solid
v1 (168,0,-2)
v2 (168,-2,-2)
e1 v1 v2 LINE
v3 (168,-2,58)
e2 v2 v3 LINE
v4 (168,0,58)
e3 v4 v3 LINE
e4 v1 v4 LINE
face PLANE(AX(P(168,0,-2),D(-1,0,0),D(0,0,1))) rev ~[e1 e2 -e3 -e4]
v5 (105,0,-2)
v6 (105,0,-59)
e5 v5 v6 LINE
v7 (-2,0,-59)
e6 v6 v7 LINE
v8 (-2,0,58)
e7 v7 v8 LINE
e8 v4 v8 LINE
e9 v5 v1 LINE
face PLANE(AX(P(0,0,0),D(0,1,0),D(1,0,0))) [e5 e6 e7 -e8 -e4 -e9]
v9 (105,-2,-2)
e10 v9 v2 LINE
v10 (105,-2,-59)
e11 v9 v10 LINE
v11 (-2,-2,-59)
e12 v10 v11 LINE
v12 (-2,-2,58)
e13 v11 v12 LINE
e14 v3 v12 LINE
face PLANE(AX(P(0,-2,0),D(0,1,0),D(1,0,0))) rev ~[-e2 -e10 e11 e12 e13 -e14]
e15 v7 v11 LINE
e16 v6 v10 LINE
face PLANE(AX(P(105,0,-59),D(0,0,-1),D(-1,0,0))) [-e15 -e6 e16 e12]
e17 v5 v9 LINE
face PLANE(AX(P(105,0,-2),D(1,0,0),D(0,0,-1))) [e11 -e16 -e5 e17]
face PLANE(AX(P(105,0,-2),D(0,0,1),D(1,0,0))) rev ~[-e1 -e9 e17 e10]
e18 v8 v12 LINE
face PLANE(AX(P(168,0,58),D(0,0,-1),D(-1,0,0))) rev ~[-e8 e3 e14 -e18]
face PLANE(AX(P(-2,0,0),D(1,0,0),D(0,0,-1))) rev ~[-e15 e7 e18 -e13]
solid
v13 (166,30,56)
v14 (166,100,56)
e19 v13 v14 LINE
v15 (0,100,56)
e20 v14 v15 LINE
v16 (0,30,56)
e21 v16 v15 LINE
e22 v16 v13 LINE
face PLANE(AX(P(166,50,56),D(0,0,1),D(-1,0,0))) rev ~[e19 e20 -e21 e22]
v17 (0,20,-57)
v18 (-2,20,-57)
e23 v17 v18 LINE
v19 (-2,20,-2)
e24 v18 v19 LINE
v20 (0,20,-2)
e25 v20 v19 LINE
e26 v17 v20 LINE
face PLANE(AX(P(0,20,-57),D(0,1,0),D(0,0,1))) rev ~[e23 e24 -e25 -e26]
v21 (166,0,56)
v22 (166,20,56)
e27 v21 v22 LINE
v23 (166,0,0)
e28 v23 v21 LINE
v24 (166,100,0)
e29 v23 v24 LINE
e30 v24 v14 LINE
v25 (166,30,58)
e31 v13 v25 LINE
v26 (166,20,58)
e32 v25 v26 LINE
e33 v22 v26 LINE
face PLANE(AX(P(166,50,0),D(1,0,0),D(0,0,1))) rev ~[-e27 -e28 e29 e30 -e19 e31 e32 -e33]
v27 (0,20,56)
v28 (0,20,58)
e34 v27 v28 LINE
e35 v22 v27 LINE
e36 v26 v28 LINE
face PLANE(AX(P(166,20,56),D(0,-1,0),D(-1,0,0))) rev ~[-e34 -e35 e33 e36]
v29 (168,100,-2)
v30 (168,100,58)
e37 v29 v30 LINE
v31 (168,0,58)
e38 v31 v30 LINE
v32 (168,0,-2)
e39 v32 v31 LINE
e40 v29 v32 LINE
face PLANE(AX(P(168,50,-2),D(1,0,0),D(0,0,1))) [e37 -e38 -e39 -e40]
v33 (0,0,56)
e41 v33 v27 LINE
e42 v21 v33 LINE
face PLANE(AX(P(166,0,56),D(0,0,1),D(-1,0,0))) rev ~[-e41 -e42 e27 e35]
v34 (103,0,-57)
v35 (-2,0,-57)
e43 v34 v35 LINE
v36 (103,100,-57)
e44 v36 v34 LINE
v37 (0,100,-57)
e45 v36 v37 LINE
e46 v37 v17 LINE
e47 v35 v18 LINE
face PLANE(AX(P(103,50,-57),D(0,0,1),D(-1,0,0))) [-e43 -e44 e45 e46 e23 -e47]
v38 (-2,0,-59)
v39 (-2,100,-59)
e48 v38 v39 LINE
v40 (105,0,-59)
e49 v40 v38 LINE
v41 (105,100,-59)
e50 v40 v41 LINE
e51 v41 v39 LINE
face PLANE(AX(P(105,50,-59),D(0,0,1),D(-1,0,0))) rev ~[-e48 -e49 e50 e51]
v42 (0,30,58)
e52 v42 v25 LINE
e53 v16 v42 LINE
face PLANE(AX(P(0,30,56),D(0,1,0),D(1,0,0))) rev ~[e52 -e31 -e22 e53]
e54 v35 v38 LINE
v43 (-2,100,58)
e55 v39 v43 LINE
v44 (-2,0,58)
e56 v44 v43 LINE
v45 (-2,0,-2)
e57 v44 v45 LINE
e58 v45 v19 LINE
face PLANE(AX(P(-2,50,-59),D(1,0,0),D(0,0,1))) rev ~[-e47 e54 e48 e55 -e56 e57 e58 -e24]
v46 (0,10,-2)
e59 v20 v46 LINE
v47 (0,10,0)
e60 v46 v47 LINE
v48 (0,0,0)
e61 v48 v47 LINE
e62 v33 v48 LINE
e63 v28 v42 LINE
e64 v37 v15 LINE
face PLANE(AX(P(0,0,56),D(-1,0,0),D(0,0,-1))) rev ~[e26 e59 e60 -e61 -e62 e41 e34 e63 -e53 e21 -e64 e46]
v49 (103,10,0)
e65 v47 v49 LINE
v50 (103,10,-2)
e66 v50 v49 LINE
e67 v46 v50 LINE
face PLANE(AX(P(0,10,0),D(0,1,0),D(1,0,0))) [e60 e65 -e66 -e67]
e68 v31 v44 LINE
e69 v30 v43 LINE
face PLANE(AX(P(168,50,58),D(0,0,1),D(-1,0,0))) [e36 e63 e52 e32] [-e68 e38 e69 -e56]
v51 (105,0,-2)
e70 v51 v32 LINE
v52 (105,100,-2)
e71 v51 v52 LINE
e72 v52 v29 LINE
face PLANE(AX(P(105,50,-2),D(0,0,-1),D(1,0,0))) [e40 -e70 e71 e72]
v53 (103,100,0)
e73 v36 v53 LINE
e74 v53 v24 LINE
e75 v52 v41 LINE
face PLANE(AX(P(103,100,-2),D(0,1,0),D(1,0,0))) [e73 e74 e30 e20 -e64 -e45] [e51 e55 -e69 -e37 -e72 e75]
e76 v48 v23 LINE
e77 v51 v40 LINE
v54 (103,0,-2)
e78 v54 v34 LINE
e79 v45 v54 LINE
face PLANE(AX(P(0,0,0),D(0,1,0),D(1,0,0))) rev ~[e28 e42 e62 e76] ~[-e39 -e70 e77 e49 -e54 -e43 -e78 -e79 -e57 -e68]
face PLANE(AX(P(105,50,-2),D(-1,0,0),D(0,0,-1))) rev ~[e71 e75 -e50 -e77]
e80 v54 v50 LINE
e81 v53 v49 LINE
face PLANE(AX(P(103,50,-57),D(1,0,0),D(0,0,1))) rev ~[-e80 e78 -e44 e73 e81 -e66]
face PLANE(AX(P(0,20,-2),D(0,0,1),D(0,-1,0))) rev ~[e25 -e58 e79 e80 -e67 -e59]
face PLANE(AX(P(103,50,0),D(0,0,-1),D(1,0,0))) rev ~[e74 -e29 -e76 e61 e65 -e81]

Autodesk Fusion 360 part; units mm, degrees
sketch "Sketch1" plane through (0, 0, 0) normal (0, 1, 0) x (1, 0, 0)
  line L0 (0, 0) -> (166, 0)
  line L1 (166, 0) -> (166, -56)
  line L2 (166, -56) -> (0, -56)
  line L3 (0, -56) -> (0, 0)
  line L4 (168, -58) -> (-2, -58)
  line L5 (-2, -58) -> (-2, 2)
  line L6 (-2, 2) -> (168, 2)
  line L7 (168, 2) -> (168, -58)
  line L8 (0, 2) -> (103, 2)
  line L9 (103, 2) -> (103, 57)
  line L10 (103, 57) -> (0, 57)
  line L11 (0, 57) -> (0, 2)
  line L12 (105, 0) -> (105, 59)
  line L13 (105, 59) -> (-2, 59)
  line L14 (-2, 59) -> (-2, 0)
  line L15 (-2, 0) -> (105, 0)
  line L16 (0, 2) -> (0, 0)
  dimension "d1" = 166
  dimension "d2" = 56
  dimension "d3" = -2
  dimension "d4" = 103
  dimension "d5" = 55
  dimension "d6" = 2
extrude "Extrude1" add sketch "Sketch1" along normal blind 50 contours L6 L9 L10 L11 L12 L13 L14 makes body 1
extrude "Extrude2" add sketch "Sketch1" along normal blind 10 contours L0 L6 L8 L12 L15 L16 | L5 L6 L14 L15 L16 bodies 1
extrude "Extrude3" add sketch "Sketch1" along normal blind 50 separate body contours L0 L1 L2 L3 L4 L5 L6 L7 L12 L15 makes body 2
extrude "Extrude4" add 1 faces at (-1.3333, 23.3333, -2) along direction (0, 0, 1) blind 2 on bodies 1 bodies 1 2
extrude "Extrude5" add sketch "Sketch1" against normal blind 2 separate body makes body 3
sketch "Sketch2" plane through (-2, 0, 0) normal (-1, 0, 0) x (0, 0, 1)
  line L0 (-59, 0) -> (58, 0)
  line L1 (58, 0) -> (58, 50)
  line L2 (58, 50) -> (-59, 50)
  line L3 (-59, 50) -> (-59, 0)
sketch "Sketch3" plane through (0, 0, 0) normal (1, 0, 0) x (0, 0, -1)
  line L0 (2, 0) -> (57, 0)
  line L1 (57, 0) -> (57, 50)
  line L2 (57, 50) -> (-56, 50)
  line L3 (-56, 50) -> (-56, 0)
  line L4 (-56, 0) -> (0, 0)
  line L5 (0, 0) -> (0, 10)
  line L6 (0, 10) -> (2, 10)
  line L7 (2, 10) -> (2, 0)
  line L8 (2, 0) -> (57, 0)
  line L9 (57, 0) -> (57, 20)
  line L10 (57, 20) -> (2, 20)
  line L11 (2, 20) -> (2, 0)
  dimension "d17" = 20
extrude "Extrude6" cut sketch "Sketch3" against normal blind 2 contours L0 L1 L7 L8 L9 L10 L11 bodies 1
extrude "Extrude7" add 1 faces at (103.6667, 23.3333, -2) along direction (0, 0, 1) blind 2 on bodies 1 bodies 1
sketch "Sketch4" plane through (0, 50, 0) normal (0, 1, 0) x (-1, 0, 0)
  line L0 (-105, -2) -> (-105, -59)
  line L1 (-105, -59) -> (2, -59)
  line L2 (2, -59) -> (2, 58)
  line L3 (2, 58) -> (-168, 58)
  line L4 (-168, 58) -> (-168, -2)
  line L5 (-168, -2) -> (-105, -2)
  line L6 (-103, -57) -> (-103, 0)
  line L7 (-103, 0) -> (-166, 0)
  line L8 (-166, 0) -> (-166, 56)
  line L9 (-166, 56) -> (0, 56)
  line L10 (0, 56) -> (0, -57)
  line L11 (0, -57) -> (-103, -57)
  line L12 (2, 58) -> (2, 8)
  line L13 (0, 8) -> (-168, 8)
  line L14 (2, 8) -> (0, 8)
  dimension "d22" = 50
sketch "Sketch5" plane through (0, 50, 0) normal (0, 1, 0) x (-1, 0, 0)
sketch "Sketch6" plane through (0, 0, 58) normal (0, 0, 1) x (1, 0, 0)
  line L0 (-2, 0) -> (168, 0)
  line L1 (168, 0) -> (168, 50)
  line L2 (168, 50) -> (-2, 50)
  line L3 (-2, 50) -> (-2, 0)
sketch "Sketch7" plane through (0, 0, 56) normal (0, 0, -1) x (-1, 0, 0)
  line L0 (-166, 0) -> (0, 0)
  line L1 (0, 0) -> (0, 50)
  line L2 (0, 50) -> (-166, 50)
  line L3 (-166, 50) -> (-166, 0)
  line L4 (-166, 0) -> (-166, 20)
  line L5 (-166, 20) -> (0, 20)
  line L6 (0, 20) -> (0, 30)
  line L7 (0, 30) -> (-166, 30)
  line L8 (-166, 30) -> (-166, 20)
  dimension "d24" = 20
extrude "Extrude8" cut sketch "Sketch7" against normal blind 2 contours L1 L3 L5 L6 L7 L8 bodies 1
extrude "Extrude9" add 1 faces at (110.6667, 50, 57.3333) along direction (0, 1, 0) blind 50 on bodies 1 bodies 1
sketch "Sketch8" plane through (0, -2, 0) normal (0, -1, 0) x (1, 0, 0)
  line L0 (105, -59) -> (105, -2)
  line L1 (105, -2) -> (168, -2)
  line L2 (168, -2) -> (168, 58)
  line L3 (168, 58) -> (-2, 58)
  line L4 (-2, 58) -> (-2, -59)
  line L5 (-2, -59) -> (105, -59)
  circle A0 centre (0, 80) radius 15
  circle A1 centre (40, 80) radius 15
  circle A2 centre (80, 80) radius 15
  circle A3 centre (120, 80) radius 15
  circle A4 centre (160, 80) radius 15
  circle A5 centre (200, 80) radius 15
  circle A6 centre (-40, 80) radius 15
  circle A7 centre (-80, 80) radius 15
  circle A8 centre (-120, 80) radius 15
  circle A9 centre (-160, 80) radius 15
  circle A10 centre (240, 80) radius 15
  circle A11 centre (280, 80) radius 15
  circle A12 centre (320, 80) radius 15
  circle A13 centre (360, 80) radius 15
  circle A14 centre (-200, 80) radius 15
  circle A15 centre (400, 80) radius 15
  circle A16 centre (-240, 80) radius 15
  line L6 (-260, 60) -> (420, 60)
  line L7 (420, 60) -> (420, 100)
  line L8 (420, 100) -> (-260, 100)
  line L9 (-260, 100) -> (-260, 60)
  dimension "d29" = 30
  dimension "d30" = 30
  dimension "d31" = 30
  dimension "d32" = 30
  dimension "d33" = 30
  dimension "d34" = 30
  dimension "d35" = 30
  dimension "d36" = 30
  dimension "d37" = 30
  dimension "d38" = 30
  dimension "d39" = 30
  dimension "d40" = 30
  dimension "d41" = 30
  dimension "d42" = 30
  dimension "d43" = 30
  dimension "d44" = 30
  dimension "d45" = 30
sketch "Sketch9" plane through (0, 43, 0) normal (0, -1, 0) x (1, 0, 0)
  circle A0 centre (-120, 80) radius 15
  circle A1 centre (-40, 80) radius 15
  circle A2 centre (0, 80) radius 15
  circle A3 centre (120, 80) radius 15
  circle A4 centre (160, 80) radius 15
  circle A5 centre (-160, 80) radius 15
  circle A6 centre (80, 80) radius 15
  circle A7 centre (40, 80) radius 15
  circle A8 centre (240, 80) radius 15
  circle A9 centre (200, 80) radius 15
  circle A10 centre (-80, 80) radius 15
  circle A11 centre (-200, 80) radius 15
  circle A12 centre (360, 80) radius 15
  circle A13 centre (320, 80) radius 15
  circle A14 centre (-240, 80) radius 15
  circle A15 centre (280, 80) radius 15
  circle A16 centre (400, 80) radius 15
  line L0 (-260, 100) -> (-260, 60)
  line L1 (-260, 60) -> (420, 60)
  line L2 (420, 60) -> (420, 100)
  line L3 (420, 100) -> (-260, 100)
  line L4 (-260, 100) -> (420, 100)
  line L5 (420, 100) -> (420, 60)
  line L6 (420, 60) -> (-260, 60)
  line L7 (-260, 60) -> (-260, 100)
  line L8 (418, 62) -> (-258, 62)
  line L9 (-258, 62) -> (-258, 98)
  line L10 (-258, 98) -> (418, 98)
  line L11 (418, 98) -> (418, 62)
  dimension "d50" = 2
